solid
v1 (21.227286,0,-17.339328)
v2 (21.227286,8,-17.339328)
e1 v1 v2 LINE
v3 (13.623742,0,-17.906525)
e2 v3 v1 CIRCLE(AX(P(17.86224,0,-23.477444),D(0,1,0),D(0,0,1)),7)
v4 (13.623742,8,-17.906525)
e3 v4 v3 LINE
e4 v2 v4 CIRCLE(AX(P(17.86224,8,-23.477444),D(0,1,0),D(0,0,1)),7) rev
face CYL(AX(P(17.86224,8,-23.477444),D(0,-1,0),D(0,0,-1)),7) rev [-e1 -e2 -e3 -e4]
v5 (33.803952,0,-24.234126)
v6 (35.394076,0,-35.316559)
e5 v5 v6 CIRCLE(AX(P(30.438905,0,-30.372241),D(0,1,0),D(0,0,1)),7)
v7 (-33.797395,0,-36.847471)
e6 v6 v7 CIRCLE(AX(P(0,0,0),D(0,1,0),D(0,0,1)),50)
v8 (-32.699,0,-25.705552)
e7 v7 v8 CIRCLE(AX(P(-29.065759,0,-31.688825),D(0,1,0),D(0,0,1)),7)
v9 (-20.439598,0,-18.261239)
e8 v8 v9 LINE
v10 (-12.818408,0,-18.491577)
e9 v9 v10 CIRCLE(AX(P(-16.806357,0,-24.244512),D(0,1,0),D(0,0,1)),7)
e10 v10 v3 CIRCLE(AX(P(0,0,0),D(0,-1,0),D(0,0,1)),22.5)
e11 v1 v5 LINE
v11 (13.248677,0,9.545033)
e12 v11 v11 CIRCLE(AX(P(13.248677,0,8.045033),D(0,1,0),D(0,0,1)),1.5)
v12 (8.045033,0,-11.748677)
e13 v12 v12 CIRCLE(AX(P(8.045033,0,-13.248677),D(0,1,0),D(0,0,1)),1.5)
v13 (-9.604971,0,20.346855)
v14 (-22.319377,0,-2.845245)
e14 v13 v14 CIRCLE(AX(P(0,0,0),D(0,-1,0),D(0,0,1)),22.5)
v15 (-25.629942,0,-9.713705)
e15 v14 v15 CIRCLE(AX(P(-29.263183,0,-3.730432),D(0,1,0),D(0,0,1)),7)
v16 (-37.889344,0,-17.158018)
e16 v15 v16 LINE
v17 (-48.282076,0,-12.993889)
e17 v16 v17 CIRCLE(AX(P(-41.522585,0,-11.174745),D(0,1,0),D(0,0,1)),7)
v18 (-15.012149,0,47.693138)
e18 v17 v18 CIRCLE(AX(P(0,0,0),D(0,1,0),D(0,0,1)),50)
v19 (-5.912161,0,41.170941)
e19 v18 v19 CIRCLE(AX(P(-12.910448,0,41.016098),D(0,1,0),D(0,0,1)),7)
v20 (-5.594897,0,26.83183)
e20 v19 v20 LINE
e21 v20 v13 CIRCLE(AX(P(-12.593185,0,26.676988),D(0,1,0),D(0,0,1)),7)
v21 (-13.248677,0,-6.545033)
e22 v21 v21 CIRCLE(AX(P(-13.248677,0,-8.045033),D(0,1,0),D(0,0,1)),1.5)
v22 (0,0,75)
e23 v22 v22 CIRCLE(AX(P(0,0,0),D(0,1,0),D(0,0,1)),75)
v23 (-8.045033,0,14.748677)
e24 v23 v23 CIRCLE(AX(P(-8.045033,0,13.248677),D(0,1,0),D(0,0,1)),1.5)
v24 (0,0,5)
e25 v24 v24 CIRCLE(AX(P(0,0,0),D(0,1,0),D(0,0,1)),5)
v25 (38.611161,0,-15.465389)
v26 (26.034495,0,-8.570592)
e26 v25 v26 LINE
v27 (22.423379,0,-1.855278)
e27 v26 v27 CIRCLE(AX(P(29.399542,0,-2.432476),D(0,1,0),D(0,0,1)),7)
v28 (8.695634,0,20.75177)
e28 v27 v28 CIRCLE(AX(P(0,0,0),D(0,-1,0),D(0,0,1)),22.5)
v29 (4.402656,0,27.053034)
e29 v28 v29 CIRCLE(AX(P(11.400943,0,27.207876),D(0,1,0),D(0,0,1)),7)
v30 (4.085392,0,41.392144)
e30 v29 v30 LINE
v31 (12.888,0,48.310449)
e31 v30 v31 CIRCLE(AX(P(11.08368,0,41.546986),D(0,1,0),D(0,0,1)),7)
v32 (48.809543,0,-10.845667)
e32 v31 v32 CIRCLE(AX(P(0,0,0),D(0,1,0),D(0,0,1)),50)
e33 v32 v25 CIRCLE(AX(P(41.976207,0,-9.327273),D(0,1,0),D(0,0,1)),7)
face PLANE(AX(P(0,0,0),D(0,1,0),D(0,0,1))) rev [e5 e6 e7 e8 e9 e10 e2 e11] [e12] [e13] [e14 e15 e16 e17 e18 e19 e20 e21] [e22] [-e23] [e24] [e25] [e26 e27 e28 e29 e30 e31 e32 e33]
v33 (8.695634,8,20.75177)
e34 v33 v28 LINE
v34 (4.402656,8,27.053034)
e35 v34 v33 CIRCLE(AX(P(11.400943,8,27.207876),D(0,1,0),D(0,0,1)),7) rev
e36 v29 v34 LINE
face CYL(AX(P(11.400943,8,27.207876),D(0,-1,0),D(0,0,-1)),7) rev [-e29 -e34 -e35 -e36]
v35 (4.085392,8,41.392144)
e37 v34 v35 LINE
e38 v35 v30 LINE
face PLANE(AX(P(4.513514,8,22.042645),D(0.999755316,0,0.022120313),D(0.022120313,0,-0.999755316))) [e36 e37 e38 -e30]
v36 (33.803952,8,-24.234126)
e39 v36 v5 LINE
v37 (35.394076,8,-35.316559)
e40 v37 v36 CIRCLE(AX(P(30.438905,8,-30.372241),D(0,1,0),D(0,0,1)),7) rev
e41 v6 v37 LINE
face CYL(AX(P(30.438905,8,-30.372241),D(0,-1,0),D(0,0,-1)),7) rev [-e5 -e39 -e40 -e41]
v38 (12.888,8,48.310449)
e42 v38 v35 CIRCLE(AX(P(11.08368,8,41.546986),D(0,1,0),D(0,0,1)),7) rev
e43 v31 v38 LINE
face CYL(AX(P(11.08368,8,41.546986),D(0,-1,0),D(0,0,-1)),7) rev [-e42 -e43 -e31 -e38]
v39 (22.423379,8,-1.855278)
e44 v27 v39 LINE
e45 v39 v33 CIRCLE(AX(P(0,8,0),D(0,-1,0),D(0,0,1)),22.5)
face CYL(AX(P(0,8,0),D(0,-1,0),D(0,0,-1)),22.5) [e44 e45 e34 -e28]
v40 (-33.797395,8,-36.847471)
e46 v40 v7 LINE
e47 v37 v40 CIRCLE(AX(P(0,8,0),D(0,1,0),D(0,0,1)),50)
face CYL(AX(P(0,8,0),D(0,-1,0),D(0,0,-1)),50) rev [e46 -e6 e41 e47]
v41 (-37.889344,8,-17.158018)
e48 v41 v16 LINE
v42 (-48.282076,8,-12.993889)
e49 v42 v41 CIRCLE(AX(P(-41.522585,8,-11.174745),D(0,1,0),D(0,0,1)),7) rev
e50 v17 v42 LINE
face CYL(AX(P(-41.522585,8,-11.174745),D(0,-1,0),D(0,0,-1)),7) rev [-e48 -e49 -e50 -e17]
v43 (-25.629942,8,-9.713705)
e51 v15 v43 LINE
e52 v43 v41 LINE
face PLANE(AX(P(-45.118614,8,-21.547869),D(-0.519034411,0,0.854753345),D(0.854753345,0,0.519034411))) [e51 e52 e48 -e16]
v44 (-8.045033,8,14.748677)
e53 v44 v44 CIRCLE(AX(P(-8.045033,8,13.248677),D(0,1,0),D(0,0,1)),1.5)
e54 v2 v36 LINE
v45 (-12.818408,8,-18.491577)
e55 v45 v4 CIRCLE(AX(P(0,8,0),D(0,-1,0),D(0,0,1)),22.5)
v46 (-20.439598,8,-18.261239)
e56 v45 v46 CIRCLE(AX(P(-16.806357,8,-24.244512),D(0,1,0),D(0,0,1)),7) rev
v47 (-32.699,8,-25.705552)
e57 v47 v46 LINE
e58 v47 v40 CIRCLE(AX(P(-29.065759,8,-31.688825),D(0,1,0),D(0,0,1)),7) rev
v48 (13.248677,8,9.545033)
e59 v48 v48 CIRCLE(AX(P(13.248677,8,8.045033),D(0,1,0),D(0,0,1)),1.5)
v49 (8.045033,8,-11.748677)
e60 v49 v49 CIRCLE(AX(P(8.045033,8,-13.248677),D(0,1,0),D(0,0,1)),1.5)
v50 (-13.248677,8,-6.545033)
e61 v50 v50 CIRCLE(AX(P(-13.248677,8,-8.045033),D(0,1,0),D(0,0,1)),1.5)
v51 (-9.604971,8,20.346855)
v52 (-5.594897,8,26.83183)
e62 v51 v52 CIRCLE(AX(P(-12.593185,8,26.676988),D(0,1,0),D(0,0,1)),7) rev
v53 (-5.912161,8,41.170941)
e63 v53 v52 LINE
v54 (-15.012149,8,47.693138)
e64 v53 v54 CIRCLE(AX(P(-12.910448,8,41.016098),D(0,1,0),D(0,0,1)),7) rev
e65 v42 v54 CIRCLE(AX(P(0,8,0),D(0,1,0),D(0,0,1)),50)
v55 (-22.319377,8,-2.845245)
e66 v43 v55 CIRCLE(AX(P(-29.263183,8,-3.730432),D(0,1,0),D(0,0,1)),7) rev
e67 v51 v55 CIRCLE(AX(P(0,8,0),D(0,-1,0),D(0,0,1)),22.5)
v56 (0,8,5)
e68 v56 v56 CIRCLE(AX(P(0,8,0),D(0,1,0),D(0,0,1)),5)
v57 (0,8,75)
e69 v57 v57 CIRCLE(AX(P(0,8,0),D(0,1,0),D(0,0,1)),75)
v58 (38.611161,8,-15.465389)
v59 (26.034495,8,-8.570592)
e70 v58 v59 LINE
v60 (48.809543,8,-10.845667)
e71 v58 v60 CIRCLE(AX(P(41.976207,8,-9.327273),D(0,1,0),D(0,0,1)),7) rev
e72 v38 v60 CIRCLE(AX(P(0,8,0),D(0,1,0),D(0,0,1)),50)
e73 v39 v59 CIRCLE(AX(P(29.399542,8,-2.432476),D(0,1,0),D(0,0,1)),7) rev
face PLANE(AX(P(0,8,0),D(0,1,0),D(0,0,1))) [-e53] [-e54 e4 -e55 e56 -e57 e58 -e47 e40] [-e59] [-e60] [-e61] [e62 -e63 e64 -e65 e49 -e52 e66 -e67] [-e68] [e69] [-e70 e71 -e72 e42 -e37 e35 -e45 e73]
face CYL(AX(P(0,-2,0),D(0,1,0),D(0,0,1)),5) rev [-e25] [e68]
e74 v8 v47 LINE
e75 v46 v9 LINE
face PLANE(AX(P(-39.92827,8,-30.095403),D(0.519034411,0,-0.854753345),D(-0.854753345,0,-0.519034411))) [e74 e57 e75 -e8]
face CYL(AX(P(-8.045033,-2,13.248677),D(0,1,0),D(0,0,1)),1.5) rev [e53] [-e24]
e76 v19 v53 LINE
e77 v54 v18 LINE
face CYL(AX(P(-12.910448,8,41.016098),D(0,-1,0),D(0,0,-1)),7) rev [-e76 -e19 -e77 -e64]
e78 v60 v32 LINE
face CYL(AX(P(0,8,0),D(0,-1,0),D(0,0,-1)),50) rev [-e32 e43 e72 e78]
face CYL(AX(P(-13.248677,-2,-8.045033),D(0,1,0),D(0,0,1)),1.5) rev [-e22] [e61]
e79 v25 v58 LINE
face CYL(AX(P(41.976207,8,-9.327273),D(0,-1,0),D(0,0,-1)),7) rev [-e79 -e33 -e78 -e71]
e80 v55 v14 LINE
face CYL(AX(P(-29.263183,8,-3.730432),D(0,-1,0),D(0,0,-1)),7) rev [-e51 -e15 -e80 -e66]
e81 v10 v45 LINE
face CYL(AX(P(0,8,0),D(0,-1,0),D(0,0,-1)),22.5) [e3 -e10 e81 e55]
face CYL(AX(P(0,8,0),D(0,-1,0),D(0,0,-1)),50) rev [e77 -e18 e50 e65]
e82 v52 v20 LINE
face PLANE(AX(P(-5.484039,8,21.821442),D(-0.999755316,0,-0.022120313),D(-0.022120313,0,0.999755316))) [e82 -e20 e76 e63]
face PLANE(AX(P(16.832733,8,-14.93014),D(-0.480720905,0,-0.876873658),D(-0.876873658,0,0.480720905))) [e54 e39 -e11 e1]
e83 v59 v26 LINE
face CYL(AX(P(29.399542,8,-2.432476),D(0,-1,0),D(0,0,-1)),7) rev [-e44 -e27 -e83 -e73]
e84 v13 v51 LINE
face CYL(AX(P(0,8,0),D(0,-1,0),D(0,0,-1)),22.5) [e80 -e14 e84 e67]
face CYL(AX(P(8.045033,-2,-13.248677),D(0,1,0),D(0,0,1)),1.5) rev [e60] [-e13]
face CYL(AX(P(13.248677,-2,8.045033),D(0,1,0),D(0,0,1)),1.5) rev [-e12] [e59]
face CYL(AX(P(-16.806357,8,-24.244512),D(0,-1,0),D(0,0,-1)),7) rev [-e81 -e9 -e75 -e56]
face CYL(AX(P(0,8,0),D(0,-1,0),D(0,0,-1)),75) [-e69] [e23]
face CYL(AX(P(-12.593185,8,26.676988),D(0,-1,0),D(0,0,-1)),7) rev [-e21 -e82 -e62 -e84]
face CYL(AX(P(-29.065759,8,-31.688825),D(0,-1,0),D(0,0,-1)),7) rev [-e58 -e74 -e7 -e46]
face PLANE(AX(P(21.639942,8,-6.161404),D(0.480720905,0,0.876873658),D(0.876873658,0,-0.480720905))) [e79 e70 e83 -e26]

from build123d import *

# Parameters (mm, degrees)
SKETCH_1_R          = 75
EXTRUDE_1_DEPTH     = 8
FILLET_1_R          = 7
FILLET_2_R          = 7
FILLET_3_R          = 7
SKETCH_2_R          = 5
CUT_EXTRUDE_1_DEPTH = 10
SKETCH_3_R          = 1.5
CUT_EXTRUDE_2_DEPTH = 10
FILLET_4_R          = 7


with BuildPart() as part:
    # 草图1 → 凸台-拉伸1 (new body)
    with BuildSketch(Plane(origin=(0, 0, 0), x_dir=(1, 0, 0), z_dir=(0, 1, 0))):
        with Locations(Location((0, 0, 0), (0, 0, 270))):
            Circle(SKETCH_1_R)
        with BuildLine():
            Line((-5.48403898, -21.821441668), (-6.099248264, -49.626597411))
            ThreePointArc((-6.099248264, -49.626597411), (-43.843682887, -24.036045242), (-45.11861404, 21.547869201))
            Line((-45.11861404, 21.547869201), (-21.346247453, 7.11250446))
            ThreePointArc((-21.346247453, 7.11250446), (-19.729657299, -10.816220359), (-5.48403898, -21.821441668))
        make_face(mode=Mode.SUBTRACT)
        with BuildLine():
            Line((-39.928269929, 30.095402646), (-16.155903342, 15.660037906))
            ThreePointArc((-16.155903342, 15.660037906), (0.497707046, 22.494494609), (16.832733273, 14.930140339))
            Line((16.832733273, 14.930140339), (41.220309145, 28.299931342))
            ThreePointArc((41.220309145, 28.299931342), (1.106015658, 49.987765797), (-39.928269929, 30.095402646))
        make_face(mode=Mode.SUBTRACT)
        with BuildLine():
            Line((4.513514179, -22.042644799), (3.898304895, -49.847800543))
            ThreePointArc((3.898304895, -49.847800543), (42.73766723, -25.951720555), (46.027518194, 19.531194765))
            Line((46.027518194, 19.531194765), (21.639942322, 6.161403762))
            ThreePointArc((21.639942322, 6.161403762), (19.231950253, -11.67827425), (4.513514179, -22.042644799))
        make_face(mode=Mode.SUBTRACT)
    extrude(amount=EXTRUDE_1_DEPTH)

    # 圆角1
    fillet_1_edges = [part.edges().sort_by_distance(p)[0] for p in [
        (41.220309145, 4, -28.299931342),
    ]]
    fillet(fillet_1_edges, radius=FILLET_1_R)

    # 圆角2
    fillet_2_edges = [part.edges().sort_by_distance(p)[0] for p in [
        (-39.928269929, 4, -30.095402646),
    ]]
    fillet(fillet_2_edges, radius=FILLET_2_R)

    # 圆角3
    fillet_3_edges = [part.edges().sort_by_distance(p)[0] for p in [
        (3.898304895, 4, 49.847800543),
        (46.027518194, 4, -19.531194765),
        (-45.11861404, 4, -21.547869201),
        (-6.099248264, 4, 49.626597411),
    ]]
    fillet(fillet_3_edges, radius=FILLET_3_R)

    # 草图2 → 切除-拉伸1 (cut)
    with BuildSketch(Plane(origin=(0, 8, 0), x_dir=(1, 0, 0), z_dir=(0, 1, 0))):
        with Locations(Location((0, 0, 0), (0, 0, 270))):
            Circle(SKETCH_2_R)
    extrude(amount=-CUT_EXTRUDE_1_DEPTH, mode=Mode.SUBTRACT)

    # 草图3 → 切除-拉伸2 (cut)
    with BuildSketch(Plane(origin=(0, 8, 0), x_dir=(1, 0, 0), z_dir=(0, 1, 0))):
        with Locations(Location((-13.248676841, 8.045033372, 0), (0, 0, 270))):
            Circle(SKETCH_3_R)
        with Locations(Location((8.045033372, 13.248676841, 0), (0, 0, 270))):
            Circle(SKETCH_3_R)
        with Locations(Location((13.248676841, -8.045033372, 0), (0, 0, 270))):
            Circle(SKETCH_3_R)
        with Locations(Location((-8.045033372, -13.248676841, 0), (0, 0, 270))):
            Circle(SKETCH_3_R)
    extrude(amount=-CUT_EXTRUDE_2_DEPTH, mode=Mode.SUBTRACT)

    # 圆角4
    fillet_4_edges = [part.edges().sort_by_distance(p)[0] for p in [
        (-16.155903342, 4, -15.660037906),
        (16.832733273, 4, -14.930140339),
        (21.639942322, 4, -6.161403762),
        (4.513514179, 4, 22.042644799),
        (-5.48403898, 4, 21.821441668),
        (-21.346247453, 4, -7.11250446),
    ]]
    fillet(fillet_4_edges, radius=FILLET_4_R)


solid = part.part
